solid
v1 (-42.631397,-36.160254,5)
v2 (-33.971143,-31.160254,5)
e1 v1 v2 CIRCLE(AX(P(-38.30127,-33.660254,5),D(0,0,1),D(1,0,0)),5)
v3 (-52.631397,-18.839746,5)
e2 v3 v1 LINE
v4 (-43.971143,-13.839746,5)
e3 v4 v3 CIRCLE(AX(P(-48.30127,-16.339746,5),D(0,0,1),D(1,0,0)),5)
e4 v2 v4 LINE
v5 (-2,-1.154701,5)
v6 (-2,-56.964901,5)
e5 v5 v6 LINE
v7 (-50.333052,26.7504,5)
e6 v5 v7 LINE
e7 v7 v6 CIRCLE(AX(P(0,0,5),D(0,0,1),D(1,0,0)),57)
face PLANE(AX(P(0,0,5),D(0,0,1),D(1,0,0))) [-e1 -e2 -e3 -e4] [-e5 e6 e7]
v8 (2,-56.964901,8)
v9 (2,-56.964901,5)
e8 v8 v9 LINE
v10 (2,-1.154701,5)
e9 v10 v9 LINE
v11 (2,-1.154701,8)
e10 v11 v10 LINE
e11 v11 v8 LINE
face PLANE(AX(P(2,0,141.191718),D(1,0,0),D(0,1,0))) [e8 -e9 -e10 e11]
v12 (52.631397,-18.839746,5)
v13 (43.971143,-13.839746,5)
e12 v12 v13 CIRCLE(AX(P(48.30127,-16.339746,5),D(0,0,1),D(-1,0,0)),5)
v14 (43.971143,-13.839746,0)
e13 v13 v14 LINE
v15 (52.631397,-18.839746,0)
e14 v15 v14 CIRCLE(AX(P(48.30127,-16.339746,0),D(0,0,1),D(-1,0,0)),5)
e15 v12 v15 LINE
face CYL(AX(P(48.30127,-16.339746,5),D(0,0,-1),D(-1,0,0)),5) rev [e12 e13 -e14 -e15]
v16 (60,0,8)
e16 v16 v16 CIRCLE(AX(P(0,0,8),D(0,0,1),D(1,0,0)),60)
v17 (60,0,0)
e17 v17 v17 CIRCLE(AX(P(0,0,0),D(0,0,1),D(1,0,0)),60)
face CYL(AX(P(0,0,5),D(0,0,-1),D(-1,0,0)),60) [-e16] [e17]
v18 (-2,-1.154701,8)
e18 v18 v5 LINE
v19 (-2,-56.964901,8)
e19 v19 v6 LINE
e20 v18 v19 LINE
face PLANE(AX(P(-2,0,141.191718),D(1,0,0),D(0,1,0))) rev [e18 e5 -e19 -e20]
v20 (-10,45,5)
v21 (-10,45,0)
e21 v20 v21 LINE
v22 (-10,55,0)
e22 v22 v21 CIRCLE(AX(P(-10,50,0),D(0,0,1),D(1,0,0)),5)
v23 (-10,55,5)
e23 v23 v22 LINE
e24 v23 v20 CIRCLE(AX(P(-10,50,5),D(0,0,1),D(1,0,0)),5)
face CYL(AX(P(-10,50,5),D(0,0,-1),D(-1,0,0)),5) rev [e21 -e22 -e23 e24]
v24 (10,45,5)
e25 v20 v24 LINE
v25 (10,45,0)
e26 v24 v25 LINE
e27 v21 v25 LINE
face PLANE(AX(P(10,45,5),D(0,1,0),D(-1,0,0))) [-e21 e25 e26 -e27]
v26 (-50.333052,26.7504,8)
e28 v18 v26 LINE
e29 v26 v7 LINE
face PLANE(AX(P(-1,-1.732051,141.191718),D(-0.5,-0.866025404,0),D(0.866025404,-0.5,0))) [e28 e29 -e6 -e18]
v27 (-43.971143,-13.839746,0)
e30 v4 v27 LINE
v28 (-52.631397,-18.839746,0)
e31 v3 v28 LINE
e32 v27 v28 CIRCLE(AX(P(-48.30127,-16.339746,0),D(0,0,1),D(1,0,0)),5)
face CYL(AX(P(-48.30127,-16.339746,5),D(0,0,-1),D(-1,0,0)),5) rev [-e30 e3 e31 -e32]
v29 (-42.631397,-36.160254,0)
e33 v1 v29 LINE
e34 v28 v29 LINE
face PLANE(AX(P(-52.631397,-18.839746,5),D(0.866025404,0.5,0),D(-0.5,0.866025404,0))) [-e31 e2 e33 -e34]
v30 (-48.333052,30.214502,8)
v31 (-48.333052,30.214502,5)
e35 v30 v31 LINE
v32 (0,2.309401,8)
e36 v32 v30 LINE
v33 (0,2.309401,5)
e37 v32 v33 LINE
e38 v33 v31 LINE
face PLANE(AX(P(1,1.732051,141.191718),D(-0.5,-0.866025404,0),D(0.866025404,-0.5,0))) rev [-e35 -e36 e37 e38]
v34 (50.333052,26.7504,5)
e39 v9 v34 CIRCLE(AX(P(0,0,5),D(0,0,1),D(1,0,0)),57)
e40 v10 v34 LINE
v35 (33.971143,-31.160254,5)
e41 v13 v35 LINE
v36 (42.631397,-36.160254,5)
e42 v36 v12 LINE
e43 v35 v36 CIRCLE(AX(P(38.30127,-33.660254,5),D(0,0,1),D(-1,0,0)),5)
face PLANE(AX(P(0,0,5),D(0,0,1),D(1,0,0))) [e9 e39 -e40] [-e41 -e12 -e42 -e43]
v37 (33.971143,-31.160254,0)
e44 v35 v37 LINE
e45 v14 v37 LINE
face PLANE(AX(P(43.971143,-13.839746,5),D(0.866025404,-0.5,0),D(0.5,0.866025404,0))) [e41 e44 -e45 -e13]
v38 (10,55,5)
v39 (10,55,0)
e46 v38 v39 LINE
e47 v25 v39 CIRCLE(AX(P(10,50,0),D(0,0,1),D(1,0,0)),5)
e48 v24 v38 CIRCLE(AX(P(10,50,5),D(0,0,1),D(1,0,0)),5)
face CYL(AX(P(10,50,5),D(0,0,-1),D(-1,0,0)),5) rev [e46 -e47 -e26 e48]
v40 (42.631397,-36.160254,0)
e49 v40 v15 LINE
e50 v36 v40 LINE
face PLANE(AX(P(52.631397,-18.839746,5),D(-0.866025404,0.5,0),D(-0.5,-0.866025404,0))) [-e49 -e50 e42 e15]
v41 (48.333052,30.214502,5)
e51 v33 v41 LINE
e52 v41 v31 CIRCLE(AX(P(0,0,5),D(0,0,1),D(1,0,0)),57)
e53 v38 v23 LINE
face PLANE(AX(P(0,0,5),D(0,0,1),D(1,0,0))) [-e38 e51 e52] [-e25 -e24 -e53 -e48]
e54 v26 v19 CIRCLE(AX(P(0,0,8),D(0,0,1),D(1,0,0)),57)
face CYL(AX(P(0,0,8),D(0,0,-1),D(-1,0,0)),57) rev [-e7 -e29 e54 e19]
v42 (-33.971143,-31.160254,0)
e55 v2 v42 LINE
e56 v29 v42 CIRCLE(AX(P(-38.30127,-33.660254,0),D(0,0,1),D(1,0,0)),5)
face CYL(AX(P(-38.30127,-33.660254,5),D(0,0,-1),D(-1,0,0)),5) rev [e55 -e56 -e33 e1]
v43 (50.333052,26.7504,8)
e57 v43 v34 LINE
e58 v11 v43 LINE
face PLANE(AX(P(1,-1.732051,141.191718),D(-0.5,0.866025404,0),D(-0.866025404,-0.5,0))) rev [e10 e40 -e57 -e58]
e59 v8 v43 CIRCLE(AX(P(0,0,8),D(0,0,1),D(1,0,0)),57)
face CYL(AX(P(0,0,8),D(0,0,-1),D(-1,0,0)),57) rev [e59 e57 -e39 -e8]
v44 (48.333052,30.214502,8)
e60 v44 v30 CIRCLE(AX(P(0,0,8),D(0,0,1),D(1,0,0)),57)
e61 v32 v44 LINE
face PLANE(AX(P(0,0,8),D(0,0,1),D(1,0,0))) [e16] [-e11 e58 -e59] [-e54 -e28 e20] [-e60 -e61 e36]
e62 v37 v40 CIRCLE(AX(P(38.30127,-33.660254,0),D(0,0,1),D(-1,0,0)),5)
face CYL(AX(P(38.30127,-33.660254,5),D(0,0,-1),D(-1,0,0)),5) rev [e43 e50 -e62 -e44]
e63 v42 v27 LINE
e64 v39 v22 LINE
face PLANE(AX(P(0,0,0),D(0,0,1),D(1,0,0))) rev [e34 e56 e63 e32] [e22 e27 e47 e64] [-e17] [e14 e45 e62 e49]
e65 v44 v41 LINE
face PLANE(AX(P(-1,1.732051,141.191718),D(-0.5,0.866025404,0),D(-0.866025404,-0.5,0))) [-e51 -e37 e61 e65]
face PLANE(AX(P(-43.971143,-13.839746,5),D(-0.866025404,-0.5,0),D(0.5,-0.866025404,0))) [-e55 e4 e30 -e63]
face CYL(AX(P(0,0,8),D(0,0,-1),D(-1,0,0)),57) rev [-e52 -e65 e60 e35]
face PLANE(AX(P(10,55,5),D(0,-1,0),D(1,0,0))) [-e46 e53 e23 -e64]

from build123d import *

# Parameters (mm, degrees)
SKETCH_1_R      = 60
EXTRUDE_1_DEPTH = 5
SKETCH_2_R      = 60
SKETCH_2_R_2    = 57
EXTRUDE_2_DEPTH = 3
EXTRUDE_3_DEPTH = 3


with BuildPart() as part:
    # 草图1 → 凸台-拉伸1 (new body)
    with BuildSketch(Plane.XY):
        Circle(SKETCH_1_R)
        with BuildLine():
            Line((-43.97114317, -13.839745962), (-33.97114317, -31.160254038))
            ThreePointArc((-33.97114317, -31.160254038), (-35.801270189, -37.990381057), (-42.631397208, -36.160254038))
            Line((-42.631397208, -36.160254038), (-52.631397208, -18.839745962))
            ThreePointArc((-52.631397208, -18.839745962), (-50.801270189, -12.009618943), (-43.97114317, -13.839745962))
        make_face(mode=Mode.SUBTRACT)
        with BuildLine():
            Line((43.97114317, -13.839745962), (33.97114317, -31.160254038))
            ThreePointArc((33.97114317, -31.160254038), (35.801270189, -37.990381057), (42.631397208, -36.160254038))
            Line((42.631397208, -36.160254038), (52.631397208, -18.839745962))
            ThreePointArc((52.631397208, -18.839745962), (50.801270189, -12.009618943), (43.97114317, -13.839745962))
        make_face(mode=Mode.SUBTRACT)
        with BuildLine():
            Line((10, 45), (-10, 45))
            ThreePointArc((-10, 45), (-15, 50), (-10, 55))
            Line((-10, 55), (10, 55))
            ThreePointArc((10, 55), (15, 50), (10, 45))
        make_face(mode=Mode.SUBTRACT)
    extrude(amount=EXTRUDE_1_DEPTH)

    # 草图2 → 凸台-拉伸2 (add)
    with BuildSketch(Plane.XY.offset(5)):
        Circle(SKETCH_2_R)
        Circle(SKETCH_2_R_2, mode=Mode.SUBTRACT)
    extrude(amount=EXTRUDE_2_DEPTH)

    # 草图3 → 凸台-拉伸3 (add)
    with BuildSketch(Plane.XY.offset(5)):
        with BuildLine():
            Line((48.333051801, 30.214501545), (0, 2.309401077))
            Line((0, 2.309401077), (-48.333051801, 30.214501545))
            ThreePointArc((-48.333051801, 30.214501545), (-49.363448016, 28.5), (-50.333051801, 26.75039993))
            Line((-50.333051801, 26.75039993), (-2, -1.154700538))
            Line((-2, -1.154700538), (-2, -56.964901475))
            ThreePointArc((-2, -56.964901475), (0, -57), (2, -56.964901475))
            Line((2, -56.964901475), (2, -1.154700538))
            Line((2, -1.154700538), (50.333051801, 26.75039993))
            ThreePointArc((50.333051801, 26.75039993), (49.363448016, 28.5), (48.333051801, 30.214501545))
        make_face()
    extrude(amount=EXTRUDE_3_DEPTH)


solid = part.part
